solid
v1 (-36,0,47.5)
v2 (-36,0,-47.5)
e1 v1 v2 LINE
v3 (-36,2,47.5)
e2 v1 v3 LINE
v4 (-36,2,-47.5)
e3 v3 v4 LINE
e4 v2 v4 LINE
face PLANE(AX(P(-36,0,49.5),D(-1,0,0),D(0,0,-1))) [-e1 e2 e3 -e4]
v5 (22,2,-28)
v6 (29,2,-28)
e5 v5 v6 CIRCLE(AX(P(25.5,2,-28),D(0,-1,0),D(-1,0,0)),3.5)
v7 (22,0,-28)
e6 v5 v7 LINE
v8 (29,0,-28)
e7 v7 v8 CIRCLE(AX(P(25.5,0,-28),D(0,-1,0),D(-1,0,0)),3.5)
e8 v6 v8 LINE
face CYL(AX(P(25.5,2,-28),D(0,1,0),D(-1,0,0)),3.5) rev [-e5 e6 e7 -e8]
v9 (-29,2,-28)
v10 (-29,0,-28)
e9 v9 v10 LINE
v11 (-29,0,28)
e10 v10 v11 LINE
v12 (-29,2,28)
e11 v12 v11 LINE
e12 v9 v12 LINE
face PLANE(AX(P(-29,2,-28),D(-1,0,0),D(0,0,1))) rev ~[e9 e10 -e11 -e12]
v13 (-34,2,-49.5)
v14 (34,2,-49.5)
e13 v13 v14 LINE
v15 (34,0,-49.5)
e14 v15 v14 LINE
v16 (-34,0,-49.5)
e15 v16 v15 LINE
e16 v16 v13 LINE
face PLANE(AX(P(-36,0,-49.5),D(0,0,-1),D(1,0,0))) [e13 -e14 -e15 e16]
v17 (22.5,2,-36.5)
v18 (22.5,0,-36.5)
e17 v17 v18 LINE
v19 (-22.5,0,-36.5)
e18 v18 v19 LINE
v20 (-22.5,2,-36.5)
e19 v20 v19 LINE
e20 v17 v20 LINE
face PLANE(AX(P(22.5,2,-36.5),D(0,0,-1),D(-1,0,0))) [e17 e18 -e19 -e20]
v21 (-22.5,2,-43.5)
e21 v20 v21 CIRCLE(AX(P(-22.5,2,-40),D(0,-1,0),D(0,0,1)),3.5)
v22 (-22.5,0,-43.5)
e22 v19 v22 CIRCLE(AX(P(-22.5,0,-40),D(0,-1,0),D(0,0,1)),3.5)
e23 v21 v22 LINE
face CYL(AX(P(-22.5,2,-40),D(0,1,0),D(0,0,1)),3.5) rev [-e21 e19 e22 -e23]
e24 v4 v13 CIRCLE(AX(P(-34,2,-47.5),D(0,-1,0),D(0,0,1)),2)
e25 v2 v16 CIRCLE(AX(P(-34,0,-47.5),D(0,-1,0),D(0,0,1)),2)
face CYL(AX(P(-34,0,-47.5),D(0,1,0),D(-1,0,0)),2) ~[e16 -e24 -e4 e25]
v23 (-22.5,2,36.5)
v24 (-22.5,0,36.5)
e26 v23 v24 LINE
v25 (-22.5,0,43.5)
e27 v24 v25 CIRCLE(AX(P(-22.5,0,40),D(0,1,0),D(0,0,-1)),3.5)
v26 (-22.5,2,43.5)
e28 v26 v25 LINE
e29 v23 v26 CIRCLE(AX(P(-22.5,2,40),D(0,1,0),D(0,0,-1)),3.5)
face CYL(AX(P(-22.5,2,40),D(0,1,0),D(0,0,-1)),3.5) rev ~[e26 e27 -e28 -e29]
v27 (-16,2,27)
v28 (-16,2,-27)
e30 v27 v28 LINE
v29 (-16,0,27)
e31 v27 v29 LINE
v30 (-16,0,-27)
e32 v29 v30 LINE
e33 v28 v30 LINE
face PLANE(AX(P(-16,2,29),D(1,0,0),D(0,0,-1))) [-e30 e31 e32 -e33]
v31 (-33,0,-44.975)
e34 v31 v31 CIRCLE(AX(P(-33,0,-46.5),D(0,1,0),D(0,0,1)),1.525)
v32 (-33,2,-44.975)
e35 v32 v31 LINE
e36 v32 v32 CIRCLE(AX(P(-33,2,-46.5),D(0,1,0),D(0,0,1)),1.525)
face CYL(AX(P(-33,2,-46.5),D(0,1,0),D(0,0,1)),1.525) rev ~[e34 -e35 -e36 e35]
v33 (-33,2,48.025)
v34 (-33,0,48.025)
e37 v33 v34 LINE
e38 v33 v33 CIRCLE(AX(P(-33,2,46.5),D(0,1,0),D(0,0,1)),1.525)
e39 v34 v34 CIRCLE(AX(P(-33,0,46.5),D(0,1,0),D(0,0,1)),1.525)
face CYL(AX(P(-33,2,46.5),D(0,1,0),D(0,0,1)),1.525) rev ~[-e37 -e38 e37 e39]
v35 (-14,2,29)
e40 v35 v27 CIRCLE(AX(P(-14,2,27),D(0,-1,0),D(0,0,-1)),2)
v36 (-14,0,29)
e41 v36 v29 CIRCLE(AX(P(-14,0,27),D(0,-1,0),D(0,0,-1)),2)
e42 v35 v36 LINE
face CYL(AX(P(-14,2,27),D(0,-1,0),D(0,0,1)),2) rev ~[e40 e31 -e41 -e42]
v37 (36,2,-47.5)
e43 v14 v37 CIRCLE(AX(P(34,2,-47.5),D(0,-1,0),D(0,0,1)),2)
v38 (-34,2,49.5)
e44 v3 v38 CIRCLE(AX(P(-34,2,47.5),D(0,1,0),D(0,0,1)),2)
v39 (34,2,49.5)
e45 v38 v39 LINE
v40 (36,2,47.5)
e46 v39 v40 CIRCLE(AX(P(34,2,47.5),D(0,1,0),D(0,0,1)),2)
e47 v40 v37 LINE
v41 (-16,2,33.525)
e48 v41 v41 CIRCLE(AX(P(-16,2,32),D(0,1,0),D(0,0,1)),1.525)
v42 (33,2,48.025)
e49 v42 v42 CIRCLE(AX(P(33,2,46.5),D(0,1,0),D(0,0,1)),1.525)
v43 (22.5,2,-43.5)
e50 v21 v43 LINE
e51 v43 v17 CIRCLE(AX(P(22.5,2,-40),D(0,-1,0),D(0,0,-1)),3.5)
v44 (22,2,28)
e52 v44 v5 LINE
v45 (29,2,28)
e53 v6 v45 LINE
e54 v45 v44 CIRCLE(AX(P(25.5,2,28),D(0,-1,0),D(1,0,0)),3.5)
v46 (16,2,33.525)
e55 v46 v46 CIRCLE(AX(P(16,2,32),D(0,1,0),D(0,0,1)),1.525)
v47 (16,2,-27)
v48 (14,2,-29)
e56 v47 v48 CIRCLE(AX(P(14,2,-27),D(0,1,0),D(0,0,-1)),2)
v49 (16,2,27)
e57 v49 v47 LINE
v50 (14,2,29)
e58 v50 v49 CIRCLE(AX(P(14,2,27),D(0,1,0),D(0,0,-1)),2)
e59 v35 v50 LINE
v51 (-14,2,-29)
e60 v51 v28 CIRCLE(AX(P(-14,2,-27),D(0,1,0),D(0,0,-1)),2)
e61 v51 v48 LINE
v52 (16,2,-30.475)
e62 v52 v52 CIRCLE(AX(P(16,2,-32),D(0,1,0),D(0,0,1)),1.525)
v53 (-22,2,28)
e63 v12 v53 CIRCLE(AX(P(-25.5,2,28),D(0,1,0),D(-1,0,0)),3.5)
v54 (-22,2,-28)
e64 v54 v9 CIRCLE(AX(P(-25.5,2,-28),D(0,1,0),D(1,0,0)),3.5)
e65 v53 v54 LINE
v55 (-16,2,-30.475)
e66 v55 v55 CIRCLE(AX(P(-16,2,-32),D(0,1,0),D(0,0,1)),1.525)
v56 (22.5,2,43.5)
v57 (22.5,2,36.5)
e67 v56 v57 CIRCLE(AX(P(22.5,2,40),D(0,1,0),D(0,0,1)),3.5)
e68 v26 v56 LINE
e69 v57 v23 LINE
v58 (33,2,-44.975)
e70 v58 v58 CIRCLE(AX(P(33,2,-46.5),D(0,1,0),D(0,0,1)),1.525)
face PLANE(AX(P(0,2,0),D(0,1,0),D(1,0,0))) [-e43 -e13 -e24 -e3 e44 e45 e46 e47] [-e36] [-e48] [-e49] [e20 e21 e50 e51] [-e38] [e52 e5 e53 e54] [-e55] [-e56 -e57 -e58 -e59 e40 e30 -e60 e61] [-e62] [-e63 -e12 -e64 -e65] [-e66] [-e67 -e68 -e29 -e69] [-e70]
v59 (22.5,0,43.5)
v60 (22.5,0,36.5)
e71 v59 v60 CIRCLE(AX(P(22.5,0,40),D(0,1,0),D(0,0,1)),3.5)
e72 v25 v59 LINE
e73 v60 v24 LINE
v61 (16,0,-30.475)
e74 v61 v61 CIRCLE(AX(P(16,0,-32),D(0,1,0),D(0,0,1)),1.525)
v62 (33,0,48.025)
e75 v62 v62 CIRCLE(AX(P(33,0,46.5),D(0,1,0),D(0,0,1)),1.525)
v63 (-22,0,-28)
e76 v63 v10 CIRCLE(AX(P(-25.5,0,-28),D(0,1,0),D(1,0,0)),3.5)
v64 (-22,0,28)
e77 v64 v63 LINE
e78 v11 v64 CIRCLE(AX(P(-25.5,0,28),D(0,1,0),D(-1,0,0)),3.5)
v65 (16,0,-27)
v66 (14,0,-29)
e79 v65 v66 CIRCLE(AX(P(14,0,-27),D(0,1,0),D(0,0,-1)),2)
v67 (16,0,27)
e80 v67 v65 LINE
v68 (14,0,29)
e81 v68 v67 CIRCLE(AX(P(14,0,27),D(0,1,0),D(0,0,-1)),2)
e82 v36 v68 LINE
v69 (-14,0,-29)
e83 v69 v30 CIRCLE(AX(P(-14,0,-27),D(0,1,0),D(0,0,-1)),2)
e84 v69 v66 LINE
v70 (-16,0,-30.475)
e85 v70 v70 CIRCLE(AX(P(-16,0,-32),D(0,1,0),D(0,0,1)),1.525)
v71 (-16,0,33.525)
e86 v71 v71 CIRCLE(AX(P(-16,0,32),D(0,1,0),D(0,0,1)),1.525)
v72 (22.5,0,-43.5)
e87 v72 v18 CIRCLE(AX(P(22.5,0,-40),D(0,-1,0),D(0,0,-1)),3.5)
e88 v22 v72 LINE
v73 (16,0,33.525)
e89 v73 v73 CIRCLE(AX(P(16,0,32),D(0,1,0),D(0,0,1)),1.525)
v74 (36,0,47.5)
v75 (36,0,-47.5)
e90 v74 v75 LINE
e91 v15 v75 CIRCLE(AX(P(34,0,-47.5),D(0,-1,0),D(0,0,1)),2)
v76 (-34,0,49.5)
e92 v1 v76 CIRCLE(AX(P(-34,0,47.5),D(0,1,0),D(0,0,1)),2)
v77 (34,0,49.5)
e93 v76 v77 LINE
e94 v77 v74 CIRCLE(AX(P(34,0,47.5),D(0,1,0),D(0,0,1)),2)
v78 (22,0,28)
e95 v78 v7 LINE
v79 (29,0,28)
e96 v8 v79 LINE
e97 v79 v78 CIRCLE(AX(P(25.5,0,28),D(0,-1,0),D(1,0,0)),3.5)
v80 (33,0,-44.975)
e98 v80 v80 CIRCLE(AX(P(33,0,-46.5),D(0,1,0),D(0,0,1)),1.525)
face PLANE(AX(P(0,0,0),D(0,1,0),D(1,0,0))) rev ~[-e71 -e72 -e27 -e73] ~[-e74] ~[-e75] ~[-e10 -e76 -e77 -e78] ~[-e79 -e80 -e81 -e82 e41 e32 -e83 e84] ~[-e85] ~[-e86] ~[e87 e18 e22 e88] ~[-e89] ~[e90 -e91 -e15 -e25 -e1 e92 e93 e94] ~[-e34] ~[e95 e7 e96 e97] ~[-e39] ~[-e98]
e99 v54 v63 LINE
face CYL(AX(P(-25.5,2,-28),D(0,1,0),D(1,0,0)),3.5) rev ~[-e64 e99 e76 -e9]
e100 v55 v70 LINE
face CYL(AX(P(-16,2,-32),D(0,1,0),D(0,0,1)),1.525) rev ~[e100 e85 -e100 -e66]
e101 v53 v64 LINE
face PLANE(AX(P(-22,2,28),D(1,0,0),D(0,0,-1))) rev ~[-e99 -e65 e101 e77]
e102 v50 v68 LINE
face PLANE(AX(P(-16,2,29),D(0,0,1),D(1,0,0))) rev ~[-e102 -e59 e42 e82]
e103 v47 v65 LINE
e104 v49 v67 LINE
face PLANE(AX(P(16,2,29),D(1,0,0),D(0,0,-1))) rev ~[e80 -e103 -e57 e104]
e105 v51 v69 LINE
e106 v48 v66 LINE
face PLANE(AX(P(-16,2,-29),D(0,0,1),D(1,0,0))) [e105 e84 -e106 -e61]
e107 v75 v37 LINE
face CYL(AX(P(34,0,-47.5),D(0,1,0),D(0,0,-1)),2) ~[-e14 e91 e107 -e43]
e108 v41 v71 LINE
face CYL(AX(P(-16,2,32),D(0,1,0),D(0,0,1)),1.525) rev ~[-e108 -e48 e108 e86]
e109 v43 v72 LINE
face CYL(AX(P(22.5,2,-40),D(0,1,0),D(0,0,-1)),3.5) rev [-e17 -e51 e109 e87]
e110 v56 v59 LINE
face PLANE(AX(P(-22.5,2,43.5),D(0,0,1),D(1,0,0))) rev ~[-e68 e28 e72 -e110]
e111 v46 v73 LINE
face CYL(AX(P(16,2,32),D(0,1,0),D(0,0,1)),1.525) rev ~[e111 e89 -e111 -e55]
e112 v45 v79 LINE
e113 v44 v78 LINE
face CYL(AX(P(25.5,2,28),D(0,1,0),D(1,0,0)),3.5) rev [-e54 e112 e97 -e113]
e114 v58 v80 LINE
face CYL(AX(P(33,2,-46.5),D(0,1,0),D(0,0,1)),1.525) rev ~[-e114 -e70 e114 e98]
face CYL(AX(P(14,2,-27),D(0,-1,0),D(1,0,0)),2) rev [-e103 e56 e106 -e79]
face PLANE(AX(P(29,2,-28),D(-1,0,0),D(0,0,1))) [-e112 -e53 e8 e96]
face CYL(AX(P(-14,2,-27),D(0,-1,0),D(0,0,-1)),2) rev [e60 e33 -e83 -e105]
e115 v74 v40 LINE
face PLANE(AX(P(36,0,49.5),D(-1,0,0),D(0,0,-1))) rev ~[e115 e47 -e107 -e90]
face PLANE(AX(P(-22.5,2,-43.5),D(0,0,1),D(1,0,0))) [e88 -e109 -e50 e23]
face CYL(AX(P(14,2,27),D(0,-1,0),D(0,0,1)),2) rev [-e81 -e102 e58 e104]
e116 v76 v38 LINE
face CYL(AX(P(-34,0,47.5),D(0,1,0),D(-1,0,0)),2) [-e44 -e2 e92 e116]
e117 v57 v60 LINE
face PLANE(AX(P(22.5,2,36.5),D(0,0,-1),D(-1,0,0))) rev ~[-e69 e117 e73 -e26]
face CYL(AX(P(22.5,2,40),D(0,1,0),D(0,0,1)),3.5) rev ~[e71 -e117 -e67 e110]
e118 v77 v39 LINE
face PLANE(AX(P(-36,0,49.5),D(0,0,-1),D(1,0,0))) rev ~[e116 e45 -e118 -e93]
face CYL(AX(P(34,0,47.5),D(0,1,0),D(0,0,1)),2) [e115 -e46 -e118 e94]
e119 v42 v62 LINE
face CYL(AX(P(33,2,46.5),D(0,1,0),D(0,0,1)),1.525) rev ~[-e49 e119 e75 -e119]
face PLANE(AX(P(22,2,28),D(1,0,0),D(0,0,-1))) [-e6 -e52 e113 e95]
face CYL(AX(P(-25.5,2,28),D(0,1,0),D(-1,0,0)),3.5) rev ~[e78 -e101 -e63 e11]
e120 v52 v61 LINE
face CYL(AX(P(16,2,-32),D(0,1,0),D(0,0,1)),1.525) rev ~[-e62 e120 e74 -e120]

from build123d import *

# Parameters (mm, degrees)
SKETCH_1_W          = 72
SKETCH_1_H          = 99
EXTRUDE_1_DEPTH     = 2
SKETCH_3_R          = 1.525
CUT_EXTRUDE_1_DEPTH = 2
SKETCH_4_R          = 1.525
CUT_EXTRUDE_2_DEPTH = 2
SKETCH_5_W          = 32
SKETCH_5_H          = 58
CUT_EXTRUDE_3_DEPTH = 2
FILLET_1_R          = 2
CUT_EXTRUDE_4_DEPTH = 2
FILLET_2_R          = 2


with BuildPart() as part:
    # 草图1 → 凸台-拉伸1 (new body)
    with BuildSketch(Plane(origin=(0, 0, 0), x_dir=(1, 0, 0), z_dir=(0, 1, 0))):
        Rectangle(SKETCH_1_W, SKETCH_1_H)
    extrude(amount=EXTRUDE_1_DEPTH)

    # 草图3 → 切除-拉伸1 (cut)
    with BuildSketch(Plane(origin=(0, 2, 0), x_dir=(1, 0, 0), z_dir=(0, 1, 0))):
        with Locations(Location((33, 46.5, 0), (0, 0, 270))):
            Circle(SKETCH_3_R)
        with Locations(Location((-33, 46.5, 0), (0, 0, 270))):
            Circle(SKETCH_3_R)
        with Locations(Location((-33, -46.5, 0), (0, 0, 270))):
            Circle(SKETCH_3_R)
        with Locations(Location((33, -46.5, 0), (0, 0, 270))):
            Circle(SKETCH_3_R)
    extrude(amount=-CUT_EXTRUDE_1_DEPTH, mode=Mode.SUBTRACT)

    # 草图4 → 切除-拉伸2 (cut)
    with BuildSketch(Plane(origin=(0, 2, 0), x_dir=(1, 0, 0), z_dir=(0, 1, 0))):
        with Locations(Location((16, -32, 0), (0, 0, 270))):
            Circle(SKETCH_4_R)
        with Locations(Location((-16, -32, 0), (0, 0, 270))):
            Circle(SKETCH_4_R)
        with Locations(Location((-16, 32, 0), (0, 0, 270))):
            Circle(SKETCH_4_R)
        with Locations(Location((16, 32, 0), (0, 0, 270))):
            Circle(SKETCH_4_R)
    extrude(amount=-CUT_EXTRUDE_2_DEPTH, mode=Mode.SUBTRACT)

    # 草图5 → 切除-拉伸3 (cut)
    with BuildSketch(Plane(origin=(0, 2, 0), x_dir=(1, 0, 0), z_dir=(0, 1, 0))):
        Rectangle(SKETCH_5_W, SKETCH_5_H)
    extrude(amount=-CUT_EXTRUDE_3_DEPTH, mode=Mode.SUBTRACT)

    # 圆角1
    fillet_1_edges = [part.edges().sort_by_distance(p)[0] for p in [
        (16, 1, -29),
        (16, 1, 29),
        (-16, 1, 29),
        (-16, 1, -29),
    ]]
    fillet(fillet_1_edges, radius=FILLET_1_R)

    # 草图6 → 切除-拉伸4 (cut)
    with BuildSketch(Plane(origin=(0, 2, 0), x_dir=(1, 0, 0), z_dir=(0, 1, 0))):
        with BuildLine():
            Line((22, -28), (22, 28))
            ThreePointArc((22, 28), (25.5, 31.5), (29, 28))
            Line((29, 28), (29, -28))
            ThreePointArc((29, -28), (25.5, -31.5), (22, -28))
        make_face()
        with BuildLine():
            Line((-22, -28), (-22, 28))
            ThreePointArc((-22, 28), (-25.5, 31.5), (-29, 28))
            Line((-29, 28), (-29, -28))
            ThreePointArc((-29, -28), (-25.5, -31.5), (-22, -28))
        make_face()
        with BuildLine():
            Line((-22.5, 43.5), (22.5, 43.5))
            ThreePointArc((22.5, 43.5), (26, 40), (22.5, 36.5))
            Line((22.5, 36.5), (-22.5, 36.5))
            ThreePointArc((-22.5, 36.5), (-26, 40), (-22.5, 43.5))
        make_face()
        with BuildLine():
            Line((-22.5, -43.5), (22.5, -43.5))
            ThreePointArc((22.5, -43.5), (26, -40), (22.5, -36.5))
            Line((22.5, -36.5), (-22.5, -36.5))
            ThreePointArc((-22.5, -36.5), (-26, -40), (-22.5, -43.5))
        make_face()
    extrude(amount=-CUT_EXTRUDE_4_DEPTH, mode=Mode.SUBTRACT)

    # 圆角2
    fillet_2_edges = [part.edges().sort_by_distance(p)[0] for p in [
        (36, 1, 49.5),
        (-36, 1, 49.5),
        (-36, 1, -49.5),
        (36, 1, -49.5),
    ]]
    fillet(fillet_2_edges, radius=FILLET_2_R)


solid = part.part
